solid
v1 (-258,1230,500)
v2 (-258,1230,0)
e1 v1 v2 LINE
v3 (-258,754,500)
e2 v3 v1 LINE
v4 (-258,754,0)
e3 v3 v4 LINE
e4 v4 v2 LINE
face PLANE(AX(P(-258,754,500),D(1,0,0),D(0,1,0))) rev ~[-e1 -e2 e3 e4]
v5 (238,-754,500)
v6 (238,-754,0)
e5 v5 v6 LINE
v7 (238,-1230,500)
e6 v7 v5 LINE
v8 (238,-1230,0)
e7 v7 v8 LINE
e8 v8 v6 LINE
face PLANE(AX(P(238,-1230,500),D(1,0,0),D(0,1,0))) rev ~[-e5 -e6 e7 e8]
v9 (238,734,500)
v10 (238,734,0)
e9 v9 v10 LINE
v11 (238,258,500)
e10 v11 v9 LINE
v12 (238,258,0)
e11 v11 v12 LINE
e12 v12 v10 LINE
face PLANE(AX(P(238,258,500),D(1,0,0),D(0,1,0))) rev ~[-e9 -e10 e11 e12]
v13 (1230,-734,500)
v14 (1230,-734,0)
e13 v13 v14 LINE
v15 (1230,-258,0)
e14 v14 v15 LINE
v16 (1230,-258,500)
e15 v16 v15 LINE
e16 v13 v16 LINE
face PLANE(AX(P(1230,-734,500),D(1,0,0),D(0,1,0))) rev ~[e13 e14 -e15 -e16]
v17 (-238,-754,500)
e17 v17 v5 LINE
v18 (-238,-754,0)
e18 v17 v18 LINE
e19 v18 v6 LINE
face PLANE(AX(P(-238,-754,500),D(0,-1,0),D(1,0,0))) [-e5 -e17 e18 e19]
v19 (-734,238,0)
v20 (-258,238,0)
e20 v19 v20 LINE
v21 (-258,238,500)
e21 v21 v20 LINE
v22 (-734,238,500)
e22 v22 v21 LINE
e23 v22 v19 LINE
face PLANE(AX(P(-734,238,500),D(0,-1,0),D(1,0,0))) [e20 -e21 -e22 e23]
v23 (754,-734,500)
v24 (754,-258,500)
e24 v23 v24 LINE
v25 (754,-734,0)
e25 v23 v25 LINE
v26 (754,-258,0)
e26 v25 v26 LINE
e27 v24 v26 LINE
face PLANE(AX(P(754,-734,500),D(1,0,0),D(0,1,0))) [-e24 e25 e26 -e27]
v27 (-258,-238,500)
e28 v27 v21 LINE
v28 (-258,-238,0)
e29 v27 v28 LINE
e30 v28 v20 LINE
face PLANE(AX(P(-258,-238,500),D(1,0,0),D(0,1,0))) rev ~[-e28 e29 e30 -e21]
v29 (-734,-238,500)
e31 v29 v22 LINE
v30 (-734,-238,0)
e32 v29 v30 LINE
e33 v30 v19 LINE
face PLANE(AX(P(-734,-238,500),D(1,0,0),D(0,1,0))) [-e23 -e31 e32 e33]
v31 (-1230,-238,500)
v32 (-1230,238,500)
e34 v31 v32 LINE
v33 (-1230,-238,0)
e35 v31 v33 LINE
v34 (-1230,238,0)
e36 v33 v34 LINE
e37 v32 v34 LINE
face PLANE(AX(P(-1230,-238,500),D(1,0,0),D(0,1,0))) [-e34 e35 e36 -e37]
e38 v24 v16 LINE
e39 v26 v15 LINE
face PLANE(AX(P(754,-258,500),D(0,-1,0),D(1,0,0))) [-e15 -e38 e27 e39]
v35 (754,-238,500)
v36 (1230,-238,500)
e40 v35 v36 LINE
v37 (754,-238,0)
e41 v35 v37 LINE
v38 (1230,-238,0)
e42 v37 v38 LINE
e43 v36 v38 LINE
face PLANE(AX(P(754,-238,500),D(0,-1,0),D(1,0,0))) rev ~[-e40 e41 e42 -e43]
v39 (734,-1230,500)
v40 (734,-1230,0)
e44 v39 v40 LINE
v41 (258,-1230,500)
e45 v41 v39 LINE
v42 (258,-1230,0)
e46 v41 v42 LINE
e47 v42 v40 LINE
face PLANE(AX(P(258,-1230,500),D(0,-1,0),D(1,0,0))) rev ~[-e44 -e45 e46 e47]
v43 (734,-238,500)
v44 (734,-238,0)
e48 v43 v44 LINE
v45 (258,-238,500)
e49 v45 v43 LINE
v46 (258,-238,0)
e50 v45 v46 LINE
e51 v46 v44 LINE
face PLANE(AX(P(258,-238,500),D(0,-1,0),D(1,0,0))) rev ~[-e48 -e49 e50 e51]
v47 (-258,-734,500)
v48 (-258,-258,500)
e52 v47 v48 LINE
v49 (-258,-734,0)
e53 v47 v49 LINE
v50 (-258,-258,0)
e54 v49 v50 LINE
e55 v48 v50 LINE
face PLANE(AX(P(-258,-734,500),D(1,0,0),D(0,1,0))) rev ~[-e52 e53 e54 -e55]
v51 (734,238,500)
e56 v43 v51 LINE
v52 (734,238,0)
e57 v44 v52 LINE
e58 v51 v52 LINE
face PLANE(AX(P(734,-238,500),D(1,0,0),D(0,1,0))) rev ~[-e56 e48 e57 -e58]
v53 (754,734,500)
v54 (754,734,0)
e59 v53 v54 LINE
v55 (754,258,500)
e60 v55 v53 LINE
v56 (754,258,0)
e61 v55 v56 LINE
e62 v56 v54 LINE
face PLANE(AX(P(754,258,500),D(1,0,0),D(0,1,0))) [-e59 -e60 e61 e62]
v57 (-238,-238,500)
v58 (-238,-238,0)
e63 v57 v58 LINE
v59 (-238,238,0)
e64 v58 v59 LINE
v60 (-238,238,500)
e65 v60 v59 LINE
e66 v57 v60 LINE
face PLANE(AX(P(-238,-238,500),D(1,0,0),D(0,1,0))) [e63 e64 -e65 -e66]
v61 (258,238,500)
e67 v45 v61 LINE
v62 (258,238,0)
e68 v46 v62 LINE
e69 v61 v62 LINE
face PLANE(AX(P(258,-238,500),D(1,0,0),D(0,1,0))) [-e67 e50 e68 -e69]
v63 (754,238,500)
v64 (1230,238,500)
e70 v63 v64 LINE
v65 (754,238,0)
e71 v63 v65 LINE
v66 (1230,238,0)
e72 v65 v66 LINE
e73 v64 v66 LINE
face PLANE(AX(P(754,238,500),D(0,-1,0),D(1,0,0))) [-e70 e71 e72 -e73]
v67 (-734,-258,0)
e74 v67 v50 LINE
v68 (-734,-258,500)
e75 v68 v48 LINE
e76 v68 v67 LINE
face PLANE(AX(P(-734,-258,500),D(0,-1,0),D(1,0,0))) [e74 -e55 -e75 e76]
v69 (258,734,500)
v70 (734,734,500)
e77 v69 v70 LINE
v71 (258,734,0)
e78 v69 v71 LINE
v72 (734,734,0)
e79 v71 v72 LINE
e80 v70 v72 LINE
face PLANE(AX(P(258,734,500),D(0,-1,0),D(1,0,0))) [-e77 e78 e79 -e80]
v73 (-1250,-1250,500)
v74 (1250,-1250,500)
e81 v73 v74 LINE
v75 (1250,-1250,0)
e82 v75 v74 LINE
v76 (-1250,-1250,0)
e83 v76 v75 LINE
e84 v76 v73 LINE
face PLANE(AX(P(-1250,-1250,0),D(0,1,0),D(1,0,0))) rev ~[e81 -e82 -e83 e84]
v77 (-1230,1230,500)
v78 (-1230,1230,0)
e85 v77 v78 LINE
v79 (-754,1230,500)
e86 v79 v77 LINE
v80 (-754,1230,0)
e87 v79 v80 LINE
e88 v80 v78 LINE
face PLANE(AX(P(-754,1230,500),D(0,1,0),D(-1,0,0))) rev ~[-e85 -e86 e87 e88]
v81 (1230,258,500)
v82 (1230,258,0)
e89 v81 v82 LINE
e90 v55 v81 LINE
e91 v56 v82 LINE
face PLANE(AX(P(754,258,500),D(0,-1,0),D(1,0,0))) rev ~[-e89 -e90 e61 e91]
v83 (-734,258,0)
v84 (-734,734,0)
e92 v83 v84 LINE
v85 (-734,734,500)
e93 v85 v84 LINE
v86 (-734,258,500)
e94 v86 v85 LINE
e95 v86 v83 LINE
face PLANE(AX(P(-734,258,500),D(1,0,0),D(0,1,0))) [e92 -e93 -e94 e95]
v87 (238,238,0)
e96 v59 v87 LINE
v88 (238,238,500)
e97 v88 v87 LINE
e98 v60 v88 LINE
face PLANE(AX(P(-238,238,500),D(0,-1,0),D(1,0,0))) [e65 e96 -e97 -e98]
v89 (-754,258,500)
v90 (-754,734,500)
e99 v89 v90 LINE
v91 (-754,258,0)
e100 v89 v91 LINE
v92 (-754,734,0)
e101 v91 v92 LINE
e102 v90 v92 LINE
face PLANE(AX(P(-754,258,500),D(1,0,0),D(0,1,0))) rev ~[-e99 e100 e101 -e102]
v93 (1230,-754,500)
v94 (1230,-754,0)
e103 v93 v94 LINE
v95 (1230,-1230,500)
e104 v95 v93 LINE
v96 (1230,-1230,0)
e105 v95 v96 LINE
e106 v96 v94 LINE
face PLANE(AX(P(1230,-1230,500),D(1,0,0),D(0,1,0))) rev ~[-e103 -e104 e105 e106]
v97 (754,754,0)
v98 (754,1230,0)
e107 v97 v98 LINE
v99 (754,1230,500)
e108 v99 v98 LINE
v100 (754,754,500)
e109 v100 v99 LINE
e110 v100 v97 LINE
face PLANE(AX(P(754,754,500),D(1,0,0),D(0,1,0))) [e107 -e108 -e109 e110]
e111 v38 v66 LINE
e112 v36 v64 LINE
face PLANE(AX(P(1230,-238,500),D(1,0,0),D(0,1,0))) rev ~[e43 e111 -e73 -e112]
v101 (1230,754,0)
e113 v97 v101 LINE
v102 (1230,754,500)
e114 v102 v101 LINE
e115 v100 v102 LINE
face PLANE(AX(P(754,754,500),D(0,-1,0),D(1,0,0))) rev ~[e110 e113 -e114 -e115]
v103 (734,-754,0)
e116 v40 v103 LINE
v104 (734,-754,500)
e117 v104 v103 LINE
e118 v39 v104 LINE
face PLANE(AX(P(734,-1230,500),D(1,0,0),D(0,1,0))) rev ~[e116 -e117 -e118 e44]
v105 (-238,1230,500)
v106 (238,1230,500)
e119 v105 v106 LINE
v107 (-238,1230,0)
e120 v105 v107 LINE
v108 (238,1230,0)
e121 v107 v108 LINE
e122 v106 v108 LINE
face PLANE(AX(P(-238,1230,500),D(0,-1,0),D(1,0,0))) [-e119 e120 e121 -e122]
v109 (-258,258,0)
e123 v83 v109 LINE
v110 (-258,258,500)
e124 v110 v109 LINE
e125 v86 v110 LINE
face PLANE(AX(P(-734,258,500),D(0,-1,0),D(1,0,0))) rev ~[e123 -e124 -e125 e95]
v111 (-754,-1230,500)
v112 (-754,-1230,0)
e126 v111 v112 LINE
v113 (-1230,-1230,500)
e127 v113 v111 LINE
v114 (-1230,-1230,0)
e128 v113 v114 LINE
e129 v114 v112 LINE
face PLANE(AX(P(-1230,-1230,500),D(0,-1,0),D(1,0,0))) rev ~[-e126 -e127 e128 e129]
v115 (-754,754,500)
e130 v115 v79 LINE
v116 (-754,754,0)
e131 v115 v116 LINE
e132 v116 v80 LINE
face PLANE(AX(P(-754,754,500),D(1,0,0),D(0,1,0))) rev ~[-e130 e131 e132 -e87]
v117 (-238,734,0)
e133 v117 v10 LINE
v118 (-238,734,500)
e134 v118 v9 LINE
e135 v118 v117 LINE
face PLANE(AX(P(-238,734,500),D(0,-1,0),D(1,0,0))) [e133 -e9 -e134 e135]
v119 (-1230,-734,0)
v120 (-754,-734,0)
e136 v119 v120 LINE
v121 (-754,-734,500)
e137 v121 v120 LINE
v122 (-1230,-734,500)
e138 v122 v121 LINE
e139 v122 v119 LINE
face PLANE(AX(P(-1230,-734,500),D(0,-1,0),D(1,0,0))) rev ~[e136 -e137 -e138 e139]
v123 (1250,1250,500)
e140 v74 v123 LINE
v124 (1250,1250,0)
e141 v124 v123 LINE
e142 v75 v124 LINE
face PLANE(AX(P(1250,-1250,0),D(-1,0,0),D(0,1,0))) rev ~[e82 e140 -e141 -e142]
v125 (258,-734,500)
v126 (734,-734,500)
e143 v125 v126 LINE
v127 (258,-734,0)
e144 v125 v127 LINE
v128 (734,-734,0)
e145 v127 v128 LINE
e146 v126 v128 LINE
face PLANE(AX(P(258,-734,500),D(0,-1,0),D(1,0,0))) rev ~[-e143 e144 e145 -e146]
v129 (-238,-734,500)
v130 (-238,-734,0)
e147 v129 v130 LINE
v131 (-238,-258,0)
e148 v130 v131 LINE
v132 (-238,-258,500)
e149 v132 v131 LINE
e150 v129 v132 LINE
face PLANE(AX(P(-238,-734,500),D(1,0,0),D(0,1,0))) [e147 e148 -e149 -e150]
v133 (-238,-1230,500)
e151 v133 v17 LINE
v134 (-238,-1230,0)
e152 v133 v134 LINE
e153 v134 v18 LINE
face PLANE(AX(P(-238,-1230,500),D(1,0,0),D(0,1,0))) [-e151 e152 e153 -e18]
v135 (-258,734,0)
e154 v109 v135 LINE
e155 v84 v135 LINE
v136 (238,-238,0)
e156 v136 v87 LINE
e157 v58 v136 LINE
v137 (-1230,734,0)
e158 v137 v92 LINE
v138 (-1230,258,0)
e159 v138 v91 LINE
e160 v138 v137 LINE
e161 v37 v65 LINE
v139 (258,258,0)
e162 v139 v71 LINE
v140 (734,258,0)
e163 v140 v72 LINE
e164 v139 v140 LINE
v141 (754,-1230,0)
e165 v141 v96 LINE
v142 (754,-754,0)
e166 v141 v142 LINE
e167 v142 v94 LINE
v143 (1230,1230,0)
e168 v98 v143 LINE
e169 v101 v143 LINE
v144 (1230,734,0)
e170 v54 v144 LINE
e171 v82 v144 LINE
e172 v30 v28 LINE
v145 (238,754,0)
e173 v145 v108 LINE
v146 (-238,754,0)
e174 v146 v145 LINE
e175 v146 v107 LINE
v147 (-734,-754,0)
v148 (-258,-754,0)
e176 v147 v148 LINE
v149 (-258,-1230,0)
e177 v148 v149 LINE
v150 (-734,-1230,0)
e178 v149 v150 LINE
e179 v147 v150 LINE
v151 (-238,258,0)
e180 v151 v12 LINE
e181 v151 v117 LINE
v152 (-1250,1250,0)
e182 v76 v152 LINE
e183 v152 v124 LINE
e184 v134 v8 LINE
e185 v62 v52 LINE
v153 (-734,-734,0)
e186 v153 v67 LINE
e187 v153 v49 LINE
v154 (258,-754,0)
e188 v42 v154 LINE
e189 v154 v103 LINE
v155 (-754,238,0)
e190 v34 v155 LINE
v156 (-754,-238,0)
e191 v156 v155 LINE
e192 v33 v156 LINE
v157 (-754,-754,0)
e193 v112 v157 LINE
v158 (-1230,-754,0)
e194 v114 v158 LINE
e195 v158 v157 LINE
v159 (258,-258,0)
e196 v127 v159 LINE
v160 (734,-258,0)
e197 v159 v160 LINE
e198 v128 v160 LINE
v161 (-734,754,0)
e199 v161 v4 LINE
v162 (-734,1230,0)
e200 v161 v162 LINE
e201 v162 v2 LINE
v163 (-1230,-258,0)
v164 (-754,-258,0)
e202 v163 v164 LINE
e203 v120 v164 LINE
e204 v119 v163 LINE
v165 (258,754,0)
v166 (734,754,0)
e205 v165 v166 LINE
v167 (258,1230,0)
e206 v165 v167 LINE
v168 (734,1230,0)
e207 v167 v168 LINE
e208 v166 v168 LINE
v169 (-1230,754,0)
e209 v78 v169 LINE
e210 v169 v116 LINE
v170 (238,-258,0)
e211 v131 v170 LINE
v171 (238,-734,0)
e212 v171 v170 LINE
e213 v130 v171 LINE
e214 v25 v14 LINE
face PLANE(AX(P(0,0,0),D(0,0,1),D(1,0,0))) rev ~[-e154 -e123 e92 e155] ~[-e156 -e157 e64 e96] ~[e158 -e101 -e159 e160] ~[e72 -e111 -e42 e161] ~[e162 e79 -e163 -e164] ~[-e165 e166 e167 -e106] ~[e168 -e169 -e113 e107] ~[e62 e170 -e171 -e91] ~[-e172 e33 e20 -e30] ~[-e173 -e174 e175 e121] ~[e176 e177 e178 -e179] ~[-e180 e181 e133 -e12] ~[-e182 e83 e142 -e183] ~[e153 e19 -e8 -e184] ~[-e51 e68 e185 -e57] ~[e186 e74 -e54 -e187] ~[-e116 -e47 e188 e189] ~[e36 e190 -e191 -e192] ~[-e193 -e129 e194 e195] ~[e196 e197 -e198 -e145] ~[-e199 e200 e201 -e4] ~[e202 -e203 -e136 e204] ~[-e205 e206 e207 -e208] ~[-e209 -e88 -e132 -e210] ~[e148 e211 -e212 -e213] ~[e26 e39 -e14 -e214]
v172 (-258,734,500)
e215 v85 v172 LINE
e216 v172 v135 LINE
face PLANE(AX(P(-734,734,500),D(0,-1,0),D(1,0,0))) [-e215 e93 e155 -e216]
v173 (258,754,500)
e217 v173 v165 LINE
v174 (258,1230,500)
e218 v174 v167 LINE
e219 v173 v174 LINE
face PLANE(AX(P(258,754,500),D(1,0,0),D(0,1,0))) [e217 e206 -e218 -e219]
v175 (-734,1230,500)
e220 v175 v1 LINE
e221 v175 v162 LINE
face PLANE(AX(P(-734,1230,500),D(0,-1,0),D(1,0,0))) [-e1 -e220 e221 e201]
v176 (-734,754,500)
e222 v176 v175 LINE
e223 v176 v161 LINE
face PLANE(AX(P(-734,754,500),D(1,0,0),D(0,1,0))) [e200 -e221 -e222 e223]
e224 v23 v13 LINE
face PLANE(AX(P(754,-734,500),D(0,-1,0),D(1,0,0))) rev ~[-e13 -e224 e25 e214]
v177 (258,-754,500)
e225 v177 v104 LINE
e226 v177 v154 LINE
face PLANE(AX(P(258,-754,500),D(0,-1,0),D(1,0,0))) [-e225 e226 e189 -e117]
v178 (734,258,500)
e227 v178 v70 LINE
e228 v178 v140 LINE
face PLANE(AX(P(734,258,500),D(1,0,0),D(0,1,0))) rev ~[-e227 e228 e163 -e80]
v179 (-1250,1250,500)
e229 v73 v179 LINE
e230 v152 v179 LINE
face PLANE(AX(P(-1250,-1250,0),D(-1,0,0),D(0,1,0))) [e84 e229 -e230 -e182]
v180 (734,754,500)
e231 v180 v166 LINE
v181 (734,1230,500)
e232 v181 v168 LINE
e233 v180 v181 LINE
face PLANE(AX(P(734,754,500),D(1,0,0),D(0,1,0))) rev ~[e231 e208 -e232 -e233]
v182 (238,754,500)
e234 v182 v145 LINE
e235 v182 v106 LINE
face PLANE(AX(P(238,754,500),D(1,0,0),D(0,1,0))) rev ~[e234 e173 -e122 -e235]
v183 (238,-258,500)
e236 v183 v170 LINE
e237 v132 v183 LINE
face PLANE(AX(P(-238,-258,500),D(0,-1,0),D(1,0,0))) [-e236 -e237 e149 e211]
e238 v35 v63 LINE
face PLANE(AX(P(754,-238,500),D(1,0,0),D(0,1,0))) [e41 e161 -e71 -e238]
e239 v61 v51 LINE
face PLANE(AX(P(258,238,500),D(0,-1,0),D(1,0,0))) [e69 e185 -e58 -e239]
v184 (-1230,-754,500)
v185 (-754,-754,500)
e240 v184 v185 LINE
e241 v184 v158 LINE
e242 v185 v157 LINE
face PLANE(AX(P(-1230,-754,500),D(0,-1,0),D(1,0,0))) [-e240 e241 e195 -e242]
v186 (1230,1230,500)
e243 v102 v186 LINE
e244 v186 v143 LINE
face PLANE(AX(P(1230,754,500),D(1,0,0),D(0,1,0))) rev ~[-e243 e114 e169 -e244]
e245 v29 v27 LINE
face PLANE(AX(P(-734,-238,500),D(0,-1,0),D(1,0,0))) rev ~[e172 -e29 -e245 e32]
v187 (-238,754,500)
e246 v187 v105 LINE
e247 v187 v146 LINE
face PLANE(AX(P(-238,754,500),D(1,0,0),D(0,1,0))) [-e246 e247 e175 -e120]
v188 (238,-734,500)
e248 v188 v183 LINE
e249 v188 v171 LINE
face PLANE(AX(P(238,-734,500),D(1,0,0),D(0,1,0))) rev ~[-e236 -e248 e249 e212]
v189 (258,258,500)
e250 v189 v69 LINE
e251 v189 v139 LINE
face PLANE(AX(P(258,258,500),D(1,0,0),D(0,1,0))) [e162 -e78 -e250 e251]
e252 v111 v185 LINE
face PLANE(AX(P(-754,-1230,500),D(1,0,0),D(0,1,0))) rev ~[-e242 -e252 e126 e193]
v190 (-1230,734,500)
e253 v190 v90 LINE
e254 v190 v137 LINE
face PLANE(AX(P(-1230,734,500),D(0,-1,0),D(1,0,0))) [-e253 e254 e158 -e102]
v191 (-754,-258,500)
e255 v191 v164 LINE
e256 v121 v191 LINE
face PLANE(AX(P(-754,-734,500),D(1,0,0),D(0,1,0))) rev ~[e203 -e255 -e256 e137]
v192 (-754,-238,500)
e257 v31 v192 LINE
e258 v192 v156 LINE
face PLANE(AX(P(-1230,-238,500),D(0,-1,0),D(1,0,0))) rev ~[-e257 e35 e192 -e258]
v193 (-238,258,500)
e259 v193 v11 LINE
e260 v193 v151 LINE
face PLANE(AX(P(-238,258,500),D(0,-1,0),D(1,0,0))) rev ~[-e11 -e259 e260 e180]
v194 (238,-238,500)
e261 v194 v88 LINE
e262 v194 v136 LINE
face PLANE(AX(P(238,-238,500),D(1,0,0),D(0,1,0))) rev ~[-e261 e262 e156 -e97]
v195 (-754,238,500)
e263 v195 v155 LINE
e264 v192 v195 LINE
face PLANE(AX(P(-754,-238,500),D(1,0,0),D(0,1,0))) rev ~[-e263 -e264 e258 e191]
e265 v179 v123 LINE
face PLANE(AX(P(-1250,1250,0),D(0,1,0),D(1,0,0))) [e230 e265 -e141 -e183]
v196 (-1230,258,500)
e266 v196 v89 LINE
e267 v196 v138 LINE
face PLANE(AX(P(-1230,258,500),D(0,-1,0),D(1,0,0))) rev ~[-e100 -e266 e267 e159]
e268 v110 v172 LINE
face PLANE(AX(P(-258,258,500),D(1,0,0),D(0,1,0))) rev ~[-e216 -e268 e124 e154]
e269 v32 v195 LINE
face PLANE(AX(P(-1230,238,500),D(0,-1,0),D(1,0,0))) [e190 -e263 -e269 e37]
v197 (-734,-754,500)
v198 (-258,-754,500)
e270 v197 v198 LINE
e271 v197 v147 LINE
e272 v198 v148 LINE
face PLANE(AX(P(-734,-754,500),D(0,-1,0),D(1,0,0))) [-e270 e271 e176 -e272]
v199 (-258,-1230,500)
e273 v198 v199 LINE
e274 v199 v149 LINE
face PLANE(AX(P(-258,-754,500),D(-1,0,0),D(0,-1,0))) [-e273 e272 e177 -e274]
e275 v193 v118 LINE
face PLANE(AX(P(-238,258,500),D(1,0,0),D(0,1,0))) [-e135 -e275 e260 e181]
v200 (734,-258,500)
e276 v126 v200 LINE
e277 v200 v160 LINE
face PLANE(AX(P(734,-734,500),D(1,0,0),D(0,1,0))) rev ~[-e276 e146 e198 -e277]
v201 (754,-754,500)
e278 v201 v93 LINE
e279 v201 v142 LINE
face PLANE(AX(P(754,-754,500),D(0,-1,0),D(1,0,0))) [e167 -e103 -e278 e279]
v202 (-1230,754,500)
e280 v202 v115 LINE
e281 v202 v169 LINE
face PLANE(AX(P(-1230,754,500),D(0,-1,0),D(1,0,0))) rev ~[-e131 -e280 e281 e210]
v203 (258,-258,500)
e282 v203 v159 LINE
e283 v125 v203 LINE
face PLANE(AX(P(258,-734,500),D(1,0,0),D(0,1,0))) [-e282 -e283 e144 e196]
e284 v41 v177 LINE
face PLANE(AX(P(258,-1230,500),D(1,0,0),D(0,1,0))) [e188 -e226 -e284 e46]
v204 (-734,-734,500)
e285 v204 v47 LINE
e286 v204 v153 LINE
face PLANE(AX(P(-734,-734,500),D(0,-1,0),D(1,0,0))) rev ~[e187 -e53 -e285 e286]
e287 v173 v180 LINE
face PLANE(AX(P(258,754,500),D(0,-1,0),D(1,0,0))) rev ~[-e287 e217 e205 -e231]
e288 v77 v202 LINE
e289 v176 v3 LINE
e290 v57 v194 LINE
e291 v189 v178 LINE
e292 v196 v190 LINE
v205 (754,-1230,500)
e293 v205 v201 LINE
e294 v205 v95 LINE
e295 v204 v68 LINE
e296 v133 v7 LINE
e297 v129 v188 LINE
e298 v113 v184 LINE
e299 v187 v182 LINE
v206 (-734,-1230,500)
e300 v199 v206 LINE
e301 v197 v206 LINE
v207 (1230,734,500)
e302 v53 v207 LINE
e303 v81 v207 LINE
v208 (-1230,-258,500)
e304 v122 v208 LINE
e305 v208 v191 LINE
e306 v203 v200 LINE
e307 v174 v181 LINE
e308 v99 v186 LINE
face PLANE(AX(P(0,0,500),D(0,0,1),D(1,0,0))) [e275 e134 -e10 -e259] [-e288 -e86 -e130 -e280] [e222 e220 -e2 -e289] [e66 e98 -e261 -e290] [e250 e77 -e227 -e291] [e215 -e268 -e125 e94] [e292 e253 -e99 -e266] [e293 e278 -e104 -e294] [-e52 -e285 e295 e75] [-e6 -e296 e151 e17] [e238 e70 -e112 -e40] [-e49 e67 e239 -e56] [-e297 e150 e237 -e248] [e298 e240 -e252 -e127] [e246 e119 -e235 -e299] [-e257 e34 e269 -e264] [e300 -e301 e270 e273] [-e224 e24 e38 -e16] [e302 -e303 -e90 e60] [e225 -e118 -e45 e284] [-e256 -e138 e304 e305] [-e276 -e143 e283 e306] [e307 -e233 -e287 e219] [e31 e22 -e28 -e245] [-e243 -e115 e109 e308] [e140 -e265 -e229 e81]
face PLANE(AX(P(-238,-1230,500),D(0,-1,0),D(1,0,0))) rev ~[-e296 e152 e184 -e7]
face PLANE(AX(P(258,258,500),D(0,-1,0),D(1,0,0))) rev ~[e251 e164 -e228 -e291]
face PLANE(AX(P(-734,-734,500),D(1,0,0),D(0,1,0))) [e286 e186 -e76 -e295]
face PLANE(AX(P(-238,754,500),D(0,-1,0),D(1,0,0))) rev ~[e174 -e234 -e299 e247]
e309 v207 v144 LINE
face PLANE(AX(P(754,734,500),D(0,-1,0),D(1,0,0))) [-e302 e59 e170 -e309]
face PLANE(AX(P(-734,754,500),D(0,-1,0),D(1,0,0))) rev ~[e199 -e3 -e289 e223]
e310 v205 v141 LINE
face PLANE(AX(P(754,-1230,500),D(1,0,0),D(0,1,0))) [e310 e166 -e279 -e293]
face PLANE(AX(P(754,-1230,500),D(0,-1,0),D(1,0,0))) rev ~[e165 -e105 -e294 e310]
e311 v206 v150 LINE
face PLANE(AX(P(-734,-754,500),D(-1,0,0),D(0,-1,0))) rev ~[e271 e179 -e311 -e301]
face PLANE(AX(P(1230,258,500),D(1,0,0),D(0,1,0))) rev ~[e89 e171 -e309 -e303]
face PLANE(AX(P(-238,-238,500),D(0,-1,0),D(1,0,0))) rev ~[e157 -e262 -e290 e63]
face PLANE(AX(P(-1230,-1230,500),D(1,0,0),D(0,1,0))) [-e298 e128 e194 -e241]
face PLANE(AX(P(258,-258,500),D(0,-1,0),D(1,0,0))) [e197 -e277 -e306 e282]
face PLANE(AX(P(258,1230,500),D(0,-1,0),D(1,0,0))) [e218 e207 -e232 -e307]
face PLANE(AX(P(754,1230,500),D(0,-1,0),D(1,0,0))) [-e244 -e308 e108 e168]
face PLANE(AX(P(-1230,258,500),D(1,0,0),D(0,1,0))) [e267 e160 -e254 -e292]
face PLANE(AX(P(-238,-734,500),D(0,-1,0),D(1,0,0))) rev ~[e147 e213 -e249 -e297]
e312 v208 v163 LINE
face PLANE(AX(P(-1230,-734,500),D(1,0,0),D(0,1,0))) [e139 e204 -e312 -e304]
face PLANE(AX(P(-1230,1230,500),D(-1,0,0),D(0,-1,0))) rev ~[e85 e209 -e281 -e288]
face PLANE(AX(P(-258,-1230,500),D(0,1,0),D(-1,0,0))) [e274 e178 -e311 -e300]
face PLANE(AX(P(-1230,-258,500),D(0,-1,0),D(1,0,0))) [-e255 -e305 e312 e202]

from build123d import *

# Parameters (mm, degrees)
SKETCH1_W           = 2500
SKETCH1_H           = 2500
BOSS_EXTRUDE1_DEPTH = 500
SKETCH3_W           = 476
SKETCH3_H           = 476
CUT_EXTRUDE2_DEPTH  = 1838.117307087


with BuildPart() as part:
    # Sketch1 → Boss-Extrude1 (new body)
    with BuildSketch(Plane.XY):
        Rectangle(SKETCH1_W, SKETCH1_H)
    extrude(amount=BOSS_EXTRUDE1_DEPTH)

    # Sketch3 → Cut-Extrude2 (cut, through all)
    with BuildSketch(Plane.XY.offset(500)):
        Polygon((-754, 1230), (-1230, 1230), (-1230, 754), (-754, 754), (-754, 774.812783864), align=None)
        with Locations((-992, 496)):
            Rectangle(SKETCH3_W, SKETCH3_H)
        with Locations((-992, 0)):
            Rectangle(SKETCH3_W, SKETCH3_H)
        with Locations((-496, 992)):
            Rectangle(SKETCH3_W, SKETCH3_H)
        with Locations((-496, 496)):
            Rectangle(SKETCH3_W, SKETCH3_H)
        with Locations((-496, 0)):
            Rectangle(SKETCH3_W, SKETCH3_H)
        with Locations((-992, -496)):
            Rectangle(SKETCH3_W, SKETCH3_H)
        with Locations((-496, -496)):
            Rectangle(SKETCH3_W, SKETCH3_H)
        Polygon((-258, -754), (-258, -1230), (-734, -1230), (-734, -1170.804779694), (-734, -754), align=None)
        with Locations((-992, -992)):
            Rectangle(SKETCH3_W, SKETCH3_H)
        with Locations((0, -992)):
            Rectangle(SKETCH3_W, SKETCH3_H)
        with Locations((0, -496)):
            Rectangle(SKETCH3_W, SKETCH3_H)
        Rectangle(SKETCH3_W, SKETCH3_H)
        with Locations((0, 496)):
            Rectangle(SKETCH3_W, SKETCH3_H)
        with Locations((0, 992)):
            Rectangle(SKETCH3_W, SKETCH3_H)
        with Locations((496, 992)):
            Rectangle(SKETCH3_W, SKETCH3_H)
        with Locations((496, 496)):
            Rectangle(SKETCH3_W, SKETCH3_H)
        with Locations((496, 0)):
            Rectangle(SKETCH3_W, SKETCH3_H)
        with Locations((496, -496)):
            Rectangle(SKETCH3_W, SKETCH3_H)
        with Locations((496, -992)):
            Rectangle(SKETCH3_W, SKETCH3_H)
        with Locations((992, -992)):
            Rectangle(SKETCH3_W, SKETCH3_H)
        with Locations((992, -496)):
            Rectangle(SKETCH3_W, SKETCH3_H)
        with Locations((992, 0)):
            Rectangle(SKETCH3_W, SKETCH3_H)
        with Locations((992, 496)):
            Rectangle(SKETCH3_W, SKETCH3_H)
        with Locations((992, 992)):
            Rectangle(SKETCH3_W, SKETCH3_H)
    extrude(amount=-CUT_EXTRUDE2_DEPTH, mode=Mode.SUBTRACT)


solid = part.part
